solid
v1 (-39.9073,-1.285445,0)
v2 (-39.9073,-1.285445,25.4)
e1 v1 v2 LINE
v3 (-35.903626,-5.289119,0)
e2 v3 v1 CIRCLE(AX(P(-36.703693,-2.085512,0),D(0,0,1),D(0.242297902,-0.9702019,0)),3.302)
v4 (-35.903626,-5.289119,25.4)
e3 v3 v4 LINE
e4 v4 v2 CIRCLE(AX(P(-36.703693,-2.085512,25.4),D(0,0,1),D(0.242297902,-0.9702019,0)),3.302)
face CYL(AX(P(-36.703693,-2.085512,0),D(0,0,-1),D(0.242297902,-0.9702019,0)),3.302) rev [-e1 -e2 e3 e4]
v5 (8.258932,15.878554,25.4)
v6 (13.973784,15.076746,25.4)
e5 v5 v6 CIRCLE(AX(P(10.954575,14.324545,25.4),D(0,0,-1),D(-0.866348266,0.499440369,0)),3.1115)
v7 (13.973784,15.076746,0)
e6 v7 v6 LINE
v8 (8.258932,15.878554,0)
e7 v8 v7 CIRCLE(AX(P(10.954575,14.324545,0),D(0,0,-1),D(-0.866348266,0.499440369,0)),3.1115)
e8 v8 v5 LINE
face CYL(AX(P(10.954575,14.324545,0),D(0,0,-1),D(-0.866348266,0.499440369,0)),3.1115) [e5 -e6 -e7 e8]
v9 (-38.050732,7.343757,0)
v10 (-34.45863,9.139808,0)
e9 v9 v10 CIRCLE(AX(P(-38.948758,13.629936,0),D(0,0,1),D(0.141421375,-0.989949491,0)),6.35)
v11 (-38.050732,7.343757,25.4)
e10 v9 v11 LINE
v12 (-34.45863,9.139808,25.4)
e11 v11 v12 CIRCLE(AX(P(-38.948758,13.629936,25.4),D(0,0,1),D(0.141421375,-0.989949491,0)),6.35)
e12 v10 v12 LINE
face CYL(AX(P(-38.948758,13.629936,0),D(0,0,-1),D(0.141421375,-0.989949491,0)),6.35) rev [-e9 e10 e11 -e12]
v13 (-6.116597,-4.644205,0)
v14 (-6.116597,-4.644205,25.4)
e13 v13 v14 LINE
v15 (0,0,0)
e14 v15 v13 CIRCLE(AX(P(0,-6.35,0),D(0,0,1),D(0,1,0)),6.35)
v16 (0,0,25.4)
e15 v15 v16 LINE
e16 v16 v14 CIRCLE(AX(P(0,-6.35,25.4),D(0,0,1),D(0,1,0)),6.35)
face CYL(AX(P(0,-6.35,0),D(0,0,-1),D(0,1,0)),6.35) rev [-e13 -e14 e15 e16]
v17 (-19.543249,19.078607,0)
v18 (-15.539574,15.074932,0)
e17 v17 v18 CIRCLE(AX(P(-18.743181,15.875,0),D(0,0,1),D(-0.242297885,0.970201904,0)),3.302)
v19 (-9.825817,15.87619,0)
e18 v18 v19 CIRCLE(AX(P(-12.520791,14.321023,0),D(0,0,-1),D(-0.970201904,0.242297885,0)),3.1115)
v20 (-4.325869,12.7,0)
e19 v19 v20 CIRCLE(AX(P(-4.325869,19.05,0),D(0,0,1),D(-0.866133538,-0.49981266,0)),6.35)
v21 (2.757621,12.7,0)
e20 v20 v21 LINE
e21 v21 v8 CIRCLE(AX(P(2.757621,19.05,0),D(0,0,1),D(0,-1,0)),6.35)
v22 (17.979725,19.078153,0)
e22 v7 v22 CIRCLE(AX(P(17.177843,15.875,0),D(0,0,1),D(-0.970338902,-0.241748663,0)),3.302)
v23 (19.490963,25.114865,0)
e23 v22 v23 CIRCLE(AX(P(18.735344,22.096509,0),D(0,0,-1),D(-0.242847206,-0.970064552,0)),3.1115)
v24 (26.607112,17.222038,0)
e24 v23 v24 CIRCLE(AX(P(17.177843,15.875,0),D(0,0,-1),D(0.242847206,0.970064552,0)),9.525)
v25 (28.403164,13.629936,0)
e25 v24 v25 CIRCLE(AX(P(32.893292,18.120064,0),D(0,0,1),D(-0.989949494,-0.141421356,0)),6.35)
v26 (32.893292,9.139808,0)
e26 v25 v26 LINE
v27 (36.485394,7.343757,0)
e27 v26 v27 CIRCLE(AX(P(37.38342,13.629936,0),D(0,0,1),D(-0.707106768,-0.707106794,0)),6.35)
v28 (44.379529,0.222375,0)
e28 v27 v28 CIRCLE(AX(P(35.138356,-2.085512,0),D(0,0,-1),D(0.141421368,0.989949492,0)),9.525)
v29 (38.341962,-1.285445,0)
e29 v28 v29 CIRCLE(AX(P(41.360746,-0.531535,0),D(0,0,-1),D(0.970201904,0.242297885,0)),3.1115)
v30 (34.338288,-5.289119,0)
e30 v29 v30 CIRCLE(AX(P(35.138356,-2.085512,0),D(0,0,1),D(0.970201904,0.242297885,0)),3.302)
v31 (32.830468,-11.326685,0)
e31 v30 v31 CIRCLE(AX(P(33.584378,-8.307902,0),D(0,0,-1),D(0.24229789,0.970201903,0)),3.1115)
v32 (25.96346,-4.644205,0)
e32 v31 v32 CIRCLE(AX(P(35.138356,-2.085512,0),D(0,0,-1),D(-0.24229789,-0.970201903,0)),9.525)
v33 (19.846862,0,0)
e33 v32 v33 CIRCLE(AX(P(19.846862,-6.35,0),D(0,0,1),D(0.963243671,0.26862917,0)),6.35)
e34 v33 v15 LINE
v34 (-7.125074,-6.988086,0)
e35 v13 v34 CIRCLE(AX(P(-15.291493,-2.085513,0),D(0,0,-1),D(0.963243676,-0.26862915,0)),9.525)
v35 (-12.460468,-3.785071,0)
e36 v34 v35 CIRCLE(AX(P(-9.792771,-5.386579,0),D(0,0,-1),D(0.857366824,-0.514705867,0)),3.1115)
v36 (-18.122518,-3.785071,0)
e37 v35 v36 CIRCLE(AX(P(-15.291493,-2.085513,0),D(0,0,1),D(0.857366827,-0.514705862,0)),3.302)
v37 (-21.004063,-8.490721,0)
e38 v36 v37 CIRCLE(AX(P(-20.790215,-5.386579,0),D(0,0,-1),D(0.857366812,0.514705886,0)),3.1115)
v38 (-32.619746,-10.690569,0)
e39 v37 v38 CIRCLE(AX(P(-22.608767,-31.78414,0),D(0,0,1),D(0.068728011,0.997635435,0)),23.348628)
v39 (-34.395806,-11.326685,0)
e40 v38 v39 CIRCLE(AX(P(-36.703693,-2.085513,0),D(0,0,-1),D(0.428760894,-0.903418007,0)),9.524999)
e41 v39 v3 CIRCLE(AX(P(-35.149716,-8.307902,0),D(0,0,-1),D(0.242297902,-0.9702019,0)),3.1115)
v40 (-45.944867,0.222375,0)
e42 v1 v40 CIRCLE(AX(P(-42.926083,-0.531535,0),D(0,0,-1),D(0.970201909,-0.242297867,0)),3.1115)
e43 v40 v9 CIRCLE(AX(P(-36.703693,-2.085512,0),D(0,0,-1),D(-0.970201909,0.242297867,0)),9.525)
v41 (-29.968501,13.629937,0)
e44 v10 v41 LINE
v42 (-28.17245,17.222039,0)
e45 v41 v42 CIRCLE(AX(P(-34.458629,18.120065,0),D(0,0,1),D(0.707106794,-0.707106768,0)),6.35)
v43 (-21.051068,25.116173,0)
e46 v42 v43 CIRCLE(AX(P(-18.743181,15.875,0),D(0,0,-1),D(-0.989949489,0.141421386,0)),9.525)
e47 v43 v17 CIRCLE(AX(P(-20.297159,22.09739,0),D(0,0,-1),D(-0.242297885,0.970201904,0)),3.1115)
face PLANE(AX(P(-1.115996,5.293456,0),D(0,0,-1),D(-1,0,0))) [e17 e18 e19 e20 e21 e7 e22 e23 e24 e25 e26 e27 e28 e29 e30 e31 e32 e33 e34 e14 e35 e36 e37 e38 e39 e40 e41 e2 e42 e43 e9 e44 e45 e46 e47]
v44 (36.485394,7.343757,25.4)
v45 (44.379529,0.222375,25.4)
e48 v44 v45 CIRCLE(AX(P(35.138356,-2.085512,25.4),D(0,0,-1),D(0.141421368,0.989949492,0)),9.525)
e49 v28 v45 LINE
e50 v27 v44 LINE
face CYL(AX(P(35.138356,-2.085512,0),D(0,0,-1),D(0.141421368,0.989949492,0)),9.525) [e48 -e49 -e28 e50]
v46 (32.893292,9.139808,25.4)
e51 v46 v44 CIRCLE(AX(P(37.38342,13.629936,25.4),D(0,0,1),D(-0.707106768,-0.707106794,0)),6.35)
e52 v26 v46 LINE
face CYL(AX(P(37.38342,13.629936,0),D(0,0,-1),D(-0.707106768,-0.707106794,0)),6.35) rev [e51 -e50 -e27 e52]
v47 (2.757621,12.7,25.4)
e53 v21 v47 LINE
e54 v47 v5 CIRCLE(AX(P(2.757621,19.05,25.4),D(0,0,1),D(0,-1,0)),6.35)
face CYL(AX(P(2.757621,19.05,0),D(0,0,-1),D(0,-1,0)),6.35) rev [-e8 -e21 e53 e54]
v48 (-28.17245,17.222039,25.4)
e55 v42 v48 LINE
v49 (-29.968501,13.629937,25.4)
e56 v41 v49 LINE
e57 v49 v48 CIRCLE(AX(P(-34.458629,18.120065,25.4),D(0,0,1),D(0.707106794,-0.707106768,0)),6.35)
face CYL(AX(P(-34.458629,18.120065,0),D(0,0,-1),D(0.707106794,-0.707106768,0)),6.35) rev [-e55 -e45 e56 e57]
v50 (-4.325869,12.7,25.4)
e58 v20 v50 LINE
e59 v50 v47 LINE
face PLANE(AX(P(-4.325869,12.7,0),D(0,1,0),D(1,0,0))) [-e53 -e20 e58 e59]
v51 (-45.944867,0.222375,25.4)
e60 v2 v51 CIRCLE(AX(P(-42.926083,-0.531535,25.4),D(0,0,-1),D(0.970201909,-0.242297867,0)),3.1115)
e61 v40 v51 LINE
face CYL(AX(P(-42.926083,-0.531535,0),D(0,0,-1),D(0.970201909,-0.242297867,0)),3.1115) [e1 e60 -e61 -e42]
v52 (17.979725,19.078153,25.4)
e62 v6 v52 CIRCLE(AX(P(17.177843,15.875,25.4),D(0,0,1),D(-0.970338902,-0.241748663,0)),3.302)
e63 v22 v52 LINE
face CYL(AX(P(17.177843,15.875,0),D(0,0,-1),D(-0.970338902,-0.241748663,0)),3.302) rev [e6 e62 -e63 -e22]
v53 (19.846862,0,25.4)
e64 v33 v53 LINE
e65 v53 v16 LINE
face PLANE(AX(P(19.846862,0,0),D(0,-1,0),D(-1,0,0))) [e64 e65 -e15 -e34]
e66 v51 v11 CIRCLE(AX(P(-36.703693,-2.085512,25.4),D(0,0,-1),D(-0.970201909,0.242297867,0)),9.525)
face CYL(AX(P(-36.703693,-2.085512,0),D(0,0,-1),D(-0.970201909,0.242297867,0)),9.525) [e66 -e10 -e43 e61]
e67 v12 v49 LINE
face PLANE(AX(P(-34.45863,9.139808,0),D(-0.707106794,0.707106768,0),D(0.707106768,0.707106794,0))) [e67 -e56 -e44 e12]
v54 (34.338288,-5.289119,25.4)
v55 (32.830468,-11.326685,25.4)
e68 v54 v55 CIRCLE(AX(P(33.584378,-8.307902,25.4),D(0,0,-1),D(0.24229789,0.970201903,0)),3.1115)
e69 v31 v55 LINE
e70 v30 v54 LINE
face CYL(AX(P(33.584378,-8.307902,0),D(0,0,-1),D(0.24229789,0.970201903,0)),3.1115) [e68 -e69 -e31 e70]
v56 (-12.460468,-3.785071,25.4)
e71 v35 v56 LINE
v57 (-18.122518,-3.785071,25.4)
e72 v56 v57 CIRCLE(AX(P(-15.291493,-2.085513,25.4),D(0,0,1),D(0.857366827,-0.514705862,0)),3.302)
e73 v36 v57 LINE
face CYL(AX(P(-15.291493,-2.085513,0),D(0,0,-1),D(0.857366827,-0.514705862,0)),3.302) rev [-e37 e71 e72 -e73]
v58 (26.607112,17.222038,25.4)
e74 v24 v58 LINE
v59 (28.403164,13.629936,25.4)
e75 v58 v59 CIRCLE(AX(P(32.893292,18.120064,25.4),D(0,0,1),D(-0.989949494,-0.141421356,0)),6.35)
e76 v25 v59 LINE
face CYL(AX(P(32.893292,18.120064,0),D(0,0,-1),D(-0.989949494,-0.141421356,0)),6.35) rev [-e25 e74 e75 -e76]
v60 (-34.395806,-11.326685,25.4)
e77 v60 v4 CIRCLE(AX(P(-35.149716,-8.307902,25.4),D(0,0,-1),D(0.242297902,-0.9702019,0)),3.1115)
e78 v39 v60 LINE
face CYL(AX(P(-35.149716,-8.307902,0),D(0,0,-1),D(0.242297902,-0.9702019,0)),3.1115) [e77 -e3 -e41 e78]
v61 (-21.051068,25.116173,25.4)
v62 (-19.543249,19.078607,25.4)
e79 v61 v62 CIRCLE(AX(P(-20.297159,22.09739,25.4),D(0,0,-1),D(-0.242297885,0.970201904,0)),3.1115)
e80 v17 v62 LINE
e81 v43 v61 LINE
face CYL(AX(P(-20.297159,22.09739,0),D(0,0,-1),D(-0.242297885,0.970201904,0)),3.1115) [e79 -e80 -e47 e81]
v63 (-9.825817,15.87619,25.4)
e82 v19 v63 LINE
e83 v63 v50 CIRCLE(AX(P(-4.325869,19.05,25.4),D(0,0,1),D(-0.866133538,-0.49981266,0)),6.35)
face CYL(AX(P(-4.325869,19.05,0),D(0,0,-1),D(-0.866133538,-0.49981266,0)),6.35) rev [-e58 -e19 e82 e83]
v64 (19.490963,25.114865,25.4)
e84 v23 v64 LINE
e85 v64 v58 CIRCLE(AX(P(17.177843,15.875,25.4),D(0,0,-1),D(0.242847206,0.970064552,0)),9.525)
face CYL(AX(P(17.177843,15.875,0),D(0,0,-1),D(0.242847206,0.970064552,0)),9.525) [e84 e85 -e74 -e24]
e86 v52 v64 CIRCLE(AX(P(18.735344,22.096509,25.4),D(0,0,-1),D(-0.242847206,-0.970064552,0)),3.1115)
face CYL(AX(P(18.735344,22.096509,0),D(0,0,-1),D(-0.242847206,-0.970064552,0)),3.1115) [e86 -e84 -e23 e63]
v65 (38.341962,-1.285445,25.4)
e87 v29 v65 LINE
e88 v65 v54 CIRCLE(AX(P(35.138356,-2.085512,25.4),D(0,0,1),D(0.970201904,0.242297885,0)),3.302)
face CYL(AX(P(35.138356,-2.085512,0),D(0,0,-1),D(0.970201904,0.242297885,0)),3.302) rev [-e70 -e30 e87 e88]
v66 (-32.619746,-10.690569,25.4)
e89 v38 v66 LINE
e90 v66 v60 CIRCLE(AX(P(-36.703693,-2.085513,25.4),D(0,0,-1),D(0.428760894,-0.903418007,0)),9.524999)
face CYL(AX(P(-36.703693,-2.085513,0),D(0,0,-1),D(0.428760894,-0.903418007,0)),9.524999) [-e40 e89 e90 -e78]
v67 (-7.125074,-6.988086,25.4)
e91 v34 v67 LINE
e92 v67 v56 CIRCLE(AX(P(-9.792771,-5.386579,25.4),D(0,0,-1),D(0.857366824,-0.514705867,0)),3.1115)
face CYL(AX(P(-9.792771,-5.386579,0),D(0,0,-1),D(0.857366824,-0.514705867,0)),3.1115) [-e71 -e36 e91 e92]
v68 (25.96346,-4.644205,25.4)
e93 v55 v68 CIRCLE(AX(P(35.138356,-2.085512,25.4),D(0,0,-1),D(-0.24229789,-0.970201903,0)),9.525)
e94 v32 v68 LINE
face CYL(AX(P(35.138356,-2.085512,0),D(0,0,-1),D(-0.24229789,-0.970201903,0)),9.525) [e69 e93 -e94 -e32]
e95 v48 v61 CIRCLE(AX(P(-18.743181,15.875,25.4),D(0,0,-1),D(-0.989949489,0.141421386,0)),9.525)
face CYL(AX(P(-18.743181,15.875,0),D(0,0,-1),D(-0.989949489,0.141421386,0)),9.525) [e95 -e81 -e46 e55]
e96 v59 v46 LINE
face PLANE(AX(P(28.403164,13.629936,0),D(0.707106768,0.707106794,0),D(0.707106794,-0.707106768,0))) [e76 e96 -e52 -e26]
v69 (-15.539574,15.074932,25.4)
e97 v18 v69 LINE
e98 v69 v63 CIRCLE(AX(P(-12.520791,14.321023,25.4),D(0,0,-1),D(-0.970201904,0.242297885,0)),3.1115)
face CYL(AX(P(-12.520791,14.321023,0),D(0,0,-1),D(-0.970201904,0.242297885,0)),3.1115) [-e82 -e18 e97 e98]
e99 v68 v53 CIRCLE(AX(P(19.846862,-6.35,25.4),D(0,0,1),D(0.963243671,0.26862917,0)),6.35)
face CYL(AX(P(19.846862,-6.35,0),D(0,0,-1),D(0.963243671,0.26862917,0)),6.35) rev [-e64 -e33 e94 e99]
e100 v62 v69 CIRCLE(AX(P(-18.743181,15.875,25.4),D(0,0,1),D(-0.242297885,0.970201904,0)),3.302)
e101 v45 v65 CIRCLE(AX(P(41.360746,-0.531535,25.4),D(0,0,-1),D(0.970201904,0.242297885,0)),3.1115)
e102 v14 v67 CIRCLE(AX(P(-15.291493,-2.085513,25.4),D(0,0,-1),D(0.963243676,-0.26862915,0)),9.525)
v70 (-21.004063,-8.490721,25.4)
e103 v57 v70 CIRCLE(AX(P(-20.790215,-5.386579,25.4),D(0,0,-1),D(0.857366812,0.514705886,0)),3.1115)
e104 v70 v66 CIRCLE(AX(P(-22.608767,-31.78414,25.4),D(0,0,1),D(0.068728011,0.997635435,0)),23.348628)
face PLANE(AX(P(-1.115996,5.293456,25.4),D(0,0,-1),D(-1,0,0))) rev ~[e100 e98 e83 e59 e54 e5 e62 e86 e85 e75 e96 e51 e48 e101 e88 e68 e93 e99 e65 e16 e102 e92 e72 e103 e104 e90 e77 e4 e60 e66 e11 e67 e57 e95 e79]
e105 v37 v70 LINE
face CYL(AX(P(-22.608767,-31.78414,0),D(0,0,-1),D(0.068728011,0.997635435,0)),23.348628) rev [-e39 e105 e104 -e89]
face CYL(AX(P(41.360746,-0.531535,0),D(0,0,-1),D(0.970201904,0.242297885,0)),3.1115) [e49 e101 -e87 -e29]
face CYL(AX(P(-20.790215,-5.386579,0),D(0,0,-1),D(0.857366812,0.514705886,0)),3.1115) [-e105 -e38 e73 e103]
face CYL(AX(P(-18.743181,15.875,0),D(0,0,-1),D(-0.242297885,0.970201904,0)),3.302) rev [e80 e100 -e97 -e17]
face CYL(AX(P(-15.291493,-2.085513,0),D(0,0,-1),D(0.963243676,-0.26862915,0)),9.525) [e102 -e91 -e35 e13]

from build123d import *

# Parameters (mm, degrees)
EXTRUDE1_DEPTH = 25.4


with BuildPart() as part:
    # Sketch1 → Extrude1 (new body)
    with BuildSketch(Plane(origin=(0, 0, 0), x_dir=(-1, 0, 0), z_dir=(0, 0, -1))):
        with BuildLine():
            Line((-28.4031636, 13.629935888), (-32.893291852, 9.1398078))
            ThreePointArc((-32.893291852, 9.1398078), (-34.543613516, 7.950323271), (-36.485394142, 7.343756669))
            ThreePointArc((-36.485394142, 7.343756669), (-41.518486911, 4.986937798), (-44.379528747, 0.222375109))
            ThreePointArc((-44.379528747, 0.222375109), (-42.11465539, -3.550317984), (-38.341962297, -1.285444627))
            ThreePointArc((-38.341962297, -1.285444627), (-32.803489024, 0.249354355), (-34.338287977, -5.289118926))
            ThreePointArc((-34.338287977, -5.289118926), (-36.603161315, -9.061812031), (-32.83046821, -11.326685369))
            ThreePointArc((-32.83046821, -11.326685369), (-28.495505008, -8.911796802), (-25.963459646, -4.644205087))
            ThreePointArc((-25.963459646, -4.644205087), (-23.686829805, -1.292614643), (-19.846862338, -3.17e-07))
            Line((-19.846862338, -3.17e-07), (-1.51e-07, -3.17e-07))
            ThreePointArc((-1.51e-07, -3.17e-07), (3.839967369, -1.292614683), (6.116597193, -4.644205214))
            ThreePointArc((6.116597193, -4.644205214), (6.541993463, -5.850068204), (7.125074213, -6.988085944))
            ThreePointArc((7.125074213, -6.988085944), (11.394278391, -8.05427551), (12.460467957, -3.785071333))
            ThreePointArc((12.460467957, -3.785071333), (15.291493211, 1.216487441), (18.122518489, -3.785071355))
            ThreePointArc((18.122518489, -3.785071355), (18.136702605, -7.011479338), (21.004062529, -8.490721154))
            ThreePointArc((21.004062529, -8.490721154), (26.953441296, -8.84329767), (32.619745859, -10.690568776))
            ThreePointArc((32.619745859, -10.690568776), (33.491988235, -11.052706637), (34.39580584, -11.326685338))
            ThreePointArc((34.39580584, -11.326685338), (38.168498974, -9.06181205), (35.903625686, -5.289118916))
            ThreePointArc((35.903625686, -5.289118916), (34.368826811, 0.249354392), (39.907300062, -1.285444686))
            ThreePointArc((39.907300062, -1.285444686), (43.679993114, -3.550318112), (45.94486654, 0.22237494))
            ThreePointArc((45.94486654, 0.22237494), (43.083824747, 4.98693772), (38.05073195, 7.34375666))
            ThreePointArc((38.05073195, 7.34375666), (36.108951241, 7.950323318), (34.458629534, 9.13980795))
            Line((34.458629534, 9.13980795), (29.968501118, 13.62993653))
            ThreePointArc((29.968501118, 13.62993653), (28.779016615, 15.280258142), (28.172450003, 17.222038705))
            ThreePointArc((28.172450003, 17.222038705), (25.815631099, 22.255131366), (21.051068468, 25.116173138))
            ThreePointArc((21.051068468, 25.116173138), (17.278375375, 22.851299781), (19.543248732, 19.078606688))
            ThreePointArc((19.543248732, 19.078606688), (21.078047709, 13.540133409), (15.539574429, 15.074932385))
            ThreePointArc((15.539574429, 15.074932385), (12.952898028, 17.402372212), (9.825816702, 15.876189609))
            ThreePointArc((9.825816702, 15.876189609), (7.501463487, 13.551082107), (4.325868739, 12.7))
            Line((4.325868739, 12.7), (-2.757620705, 12.7))
            ThreePointArc((-2.757620705, 12.7), (-5.934397036, 13.551764634), (-8.258932193, 15.878553656))
            ThreePointArc((-8.258932193, 15.878553656), (-11.386891596, 17.405865193), (-13.973784314, 15.076745914))
            ThreePointArc((-13.973784314, 15.076745914), (-19.51138772, 13.538811919), (-17.979724841, 19.07815315))
            ThreePointArc((-17.979724841, 19.07815315), (-15.716988069, 22.852128084), (-19.490963002, 25.114864856))
            ThreePointArc((-19.490963002, 25.114864856), (-24.252099482, 22.253128677), (-26.607112294, 17.222038418))
            ThreePointArc((-26.607112294, 17.222038418), (-27.213678942, 15.280257647), (-28.4031636, 13.629935888))
        make_face()
    extrude(amount=-EXTRUDE1_DEPTH)


solid = part.part
